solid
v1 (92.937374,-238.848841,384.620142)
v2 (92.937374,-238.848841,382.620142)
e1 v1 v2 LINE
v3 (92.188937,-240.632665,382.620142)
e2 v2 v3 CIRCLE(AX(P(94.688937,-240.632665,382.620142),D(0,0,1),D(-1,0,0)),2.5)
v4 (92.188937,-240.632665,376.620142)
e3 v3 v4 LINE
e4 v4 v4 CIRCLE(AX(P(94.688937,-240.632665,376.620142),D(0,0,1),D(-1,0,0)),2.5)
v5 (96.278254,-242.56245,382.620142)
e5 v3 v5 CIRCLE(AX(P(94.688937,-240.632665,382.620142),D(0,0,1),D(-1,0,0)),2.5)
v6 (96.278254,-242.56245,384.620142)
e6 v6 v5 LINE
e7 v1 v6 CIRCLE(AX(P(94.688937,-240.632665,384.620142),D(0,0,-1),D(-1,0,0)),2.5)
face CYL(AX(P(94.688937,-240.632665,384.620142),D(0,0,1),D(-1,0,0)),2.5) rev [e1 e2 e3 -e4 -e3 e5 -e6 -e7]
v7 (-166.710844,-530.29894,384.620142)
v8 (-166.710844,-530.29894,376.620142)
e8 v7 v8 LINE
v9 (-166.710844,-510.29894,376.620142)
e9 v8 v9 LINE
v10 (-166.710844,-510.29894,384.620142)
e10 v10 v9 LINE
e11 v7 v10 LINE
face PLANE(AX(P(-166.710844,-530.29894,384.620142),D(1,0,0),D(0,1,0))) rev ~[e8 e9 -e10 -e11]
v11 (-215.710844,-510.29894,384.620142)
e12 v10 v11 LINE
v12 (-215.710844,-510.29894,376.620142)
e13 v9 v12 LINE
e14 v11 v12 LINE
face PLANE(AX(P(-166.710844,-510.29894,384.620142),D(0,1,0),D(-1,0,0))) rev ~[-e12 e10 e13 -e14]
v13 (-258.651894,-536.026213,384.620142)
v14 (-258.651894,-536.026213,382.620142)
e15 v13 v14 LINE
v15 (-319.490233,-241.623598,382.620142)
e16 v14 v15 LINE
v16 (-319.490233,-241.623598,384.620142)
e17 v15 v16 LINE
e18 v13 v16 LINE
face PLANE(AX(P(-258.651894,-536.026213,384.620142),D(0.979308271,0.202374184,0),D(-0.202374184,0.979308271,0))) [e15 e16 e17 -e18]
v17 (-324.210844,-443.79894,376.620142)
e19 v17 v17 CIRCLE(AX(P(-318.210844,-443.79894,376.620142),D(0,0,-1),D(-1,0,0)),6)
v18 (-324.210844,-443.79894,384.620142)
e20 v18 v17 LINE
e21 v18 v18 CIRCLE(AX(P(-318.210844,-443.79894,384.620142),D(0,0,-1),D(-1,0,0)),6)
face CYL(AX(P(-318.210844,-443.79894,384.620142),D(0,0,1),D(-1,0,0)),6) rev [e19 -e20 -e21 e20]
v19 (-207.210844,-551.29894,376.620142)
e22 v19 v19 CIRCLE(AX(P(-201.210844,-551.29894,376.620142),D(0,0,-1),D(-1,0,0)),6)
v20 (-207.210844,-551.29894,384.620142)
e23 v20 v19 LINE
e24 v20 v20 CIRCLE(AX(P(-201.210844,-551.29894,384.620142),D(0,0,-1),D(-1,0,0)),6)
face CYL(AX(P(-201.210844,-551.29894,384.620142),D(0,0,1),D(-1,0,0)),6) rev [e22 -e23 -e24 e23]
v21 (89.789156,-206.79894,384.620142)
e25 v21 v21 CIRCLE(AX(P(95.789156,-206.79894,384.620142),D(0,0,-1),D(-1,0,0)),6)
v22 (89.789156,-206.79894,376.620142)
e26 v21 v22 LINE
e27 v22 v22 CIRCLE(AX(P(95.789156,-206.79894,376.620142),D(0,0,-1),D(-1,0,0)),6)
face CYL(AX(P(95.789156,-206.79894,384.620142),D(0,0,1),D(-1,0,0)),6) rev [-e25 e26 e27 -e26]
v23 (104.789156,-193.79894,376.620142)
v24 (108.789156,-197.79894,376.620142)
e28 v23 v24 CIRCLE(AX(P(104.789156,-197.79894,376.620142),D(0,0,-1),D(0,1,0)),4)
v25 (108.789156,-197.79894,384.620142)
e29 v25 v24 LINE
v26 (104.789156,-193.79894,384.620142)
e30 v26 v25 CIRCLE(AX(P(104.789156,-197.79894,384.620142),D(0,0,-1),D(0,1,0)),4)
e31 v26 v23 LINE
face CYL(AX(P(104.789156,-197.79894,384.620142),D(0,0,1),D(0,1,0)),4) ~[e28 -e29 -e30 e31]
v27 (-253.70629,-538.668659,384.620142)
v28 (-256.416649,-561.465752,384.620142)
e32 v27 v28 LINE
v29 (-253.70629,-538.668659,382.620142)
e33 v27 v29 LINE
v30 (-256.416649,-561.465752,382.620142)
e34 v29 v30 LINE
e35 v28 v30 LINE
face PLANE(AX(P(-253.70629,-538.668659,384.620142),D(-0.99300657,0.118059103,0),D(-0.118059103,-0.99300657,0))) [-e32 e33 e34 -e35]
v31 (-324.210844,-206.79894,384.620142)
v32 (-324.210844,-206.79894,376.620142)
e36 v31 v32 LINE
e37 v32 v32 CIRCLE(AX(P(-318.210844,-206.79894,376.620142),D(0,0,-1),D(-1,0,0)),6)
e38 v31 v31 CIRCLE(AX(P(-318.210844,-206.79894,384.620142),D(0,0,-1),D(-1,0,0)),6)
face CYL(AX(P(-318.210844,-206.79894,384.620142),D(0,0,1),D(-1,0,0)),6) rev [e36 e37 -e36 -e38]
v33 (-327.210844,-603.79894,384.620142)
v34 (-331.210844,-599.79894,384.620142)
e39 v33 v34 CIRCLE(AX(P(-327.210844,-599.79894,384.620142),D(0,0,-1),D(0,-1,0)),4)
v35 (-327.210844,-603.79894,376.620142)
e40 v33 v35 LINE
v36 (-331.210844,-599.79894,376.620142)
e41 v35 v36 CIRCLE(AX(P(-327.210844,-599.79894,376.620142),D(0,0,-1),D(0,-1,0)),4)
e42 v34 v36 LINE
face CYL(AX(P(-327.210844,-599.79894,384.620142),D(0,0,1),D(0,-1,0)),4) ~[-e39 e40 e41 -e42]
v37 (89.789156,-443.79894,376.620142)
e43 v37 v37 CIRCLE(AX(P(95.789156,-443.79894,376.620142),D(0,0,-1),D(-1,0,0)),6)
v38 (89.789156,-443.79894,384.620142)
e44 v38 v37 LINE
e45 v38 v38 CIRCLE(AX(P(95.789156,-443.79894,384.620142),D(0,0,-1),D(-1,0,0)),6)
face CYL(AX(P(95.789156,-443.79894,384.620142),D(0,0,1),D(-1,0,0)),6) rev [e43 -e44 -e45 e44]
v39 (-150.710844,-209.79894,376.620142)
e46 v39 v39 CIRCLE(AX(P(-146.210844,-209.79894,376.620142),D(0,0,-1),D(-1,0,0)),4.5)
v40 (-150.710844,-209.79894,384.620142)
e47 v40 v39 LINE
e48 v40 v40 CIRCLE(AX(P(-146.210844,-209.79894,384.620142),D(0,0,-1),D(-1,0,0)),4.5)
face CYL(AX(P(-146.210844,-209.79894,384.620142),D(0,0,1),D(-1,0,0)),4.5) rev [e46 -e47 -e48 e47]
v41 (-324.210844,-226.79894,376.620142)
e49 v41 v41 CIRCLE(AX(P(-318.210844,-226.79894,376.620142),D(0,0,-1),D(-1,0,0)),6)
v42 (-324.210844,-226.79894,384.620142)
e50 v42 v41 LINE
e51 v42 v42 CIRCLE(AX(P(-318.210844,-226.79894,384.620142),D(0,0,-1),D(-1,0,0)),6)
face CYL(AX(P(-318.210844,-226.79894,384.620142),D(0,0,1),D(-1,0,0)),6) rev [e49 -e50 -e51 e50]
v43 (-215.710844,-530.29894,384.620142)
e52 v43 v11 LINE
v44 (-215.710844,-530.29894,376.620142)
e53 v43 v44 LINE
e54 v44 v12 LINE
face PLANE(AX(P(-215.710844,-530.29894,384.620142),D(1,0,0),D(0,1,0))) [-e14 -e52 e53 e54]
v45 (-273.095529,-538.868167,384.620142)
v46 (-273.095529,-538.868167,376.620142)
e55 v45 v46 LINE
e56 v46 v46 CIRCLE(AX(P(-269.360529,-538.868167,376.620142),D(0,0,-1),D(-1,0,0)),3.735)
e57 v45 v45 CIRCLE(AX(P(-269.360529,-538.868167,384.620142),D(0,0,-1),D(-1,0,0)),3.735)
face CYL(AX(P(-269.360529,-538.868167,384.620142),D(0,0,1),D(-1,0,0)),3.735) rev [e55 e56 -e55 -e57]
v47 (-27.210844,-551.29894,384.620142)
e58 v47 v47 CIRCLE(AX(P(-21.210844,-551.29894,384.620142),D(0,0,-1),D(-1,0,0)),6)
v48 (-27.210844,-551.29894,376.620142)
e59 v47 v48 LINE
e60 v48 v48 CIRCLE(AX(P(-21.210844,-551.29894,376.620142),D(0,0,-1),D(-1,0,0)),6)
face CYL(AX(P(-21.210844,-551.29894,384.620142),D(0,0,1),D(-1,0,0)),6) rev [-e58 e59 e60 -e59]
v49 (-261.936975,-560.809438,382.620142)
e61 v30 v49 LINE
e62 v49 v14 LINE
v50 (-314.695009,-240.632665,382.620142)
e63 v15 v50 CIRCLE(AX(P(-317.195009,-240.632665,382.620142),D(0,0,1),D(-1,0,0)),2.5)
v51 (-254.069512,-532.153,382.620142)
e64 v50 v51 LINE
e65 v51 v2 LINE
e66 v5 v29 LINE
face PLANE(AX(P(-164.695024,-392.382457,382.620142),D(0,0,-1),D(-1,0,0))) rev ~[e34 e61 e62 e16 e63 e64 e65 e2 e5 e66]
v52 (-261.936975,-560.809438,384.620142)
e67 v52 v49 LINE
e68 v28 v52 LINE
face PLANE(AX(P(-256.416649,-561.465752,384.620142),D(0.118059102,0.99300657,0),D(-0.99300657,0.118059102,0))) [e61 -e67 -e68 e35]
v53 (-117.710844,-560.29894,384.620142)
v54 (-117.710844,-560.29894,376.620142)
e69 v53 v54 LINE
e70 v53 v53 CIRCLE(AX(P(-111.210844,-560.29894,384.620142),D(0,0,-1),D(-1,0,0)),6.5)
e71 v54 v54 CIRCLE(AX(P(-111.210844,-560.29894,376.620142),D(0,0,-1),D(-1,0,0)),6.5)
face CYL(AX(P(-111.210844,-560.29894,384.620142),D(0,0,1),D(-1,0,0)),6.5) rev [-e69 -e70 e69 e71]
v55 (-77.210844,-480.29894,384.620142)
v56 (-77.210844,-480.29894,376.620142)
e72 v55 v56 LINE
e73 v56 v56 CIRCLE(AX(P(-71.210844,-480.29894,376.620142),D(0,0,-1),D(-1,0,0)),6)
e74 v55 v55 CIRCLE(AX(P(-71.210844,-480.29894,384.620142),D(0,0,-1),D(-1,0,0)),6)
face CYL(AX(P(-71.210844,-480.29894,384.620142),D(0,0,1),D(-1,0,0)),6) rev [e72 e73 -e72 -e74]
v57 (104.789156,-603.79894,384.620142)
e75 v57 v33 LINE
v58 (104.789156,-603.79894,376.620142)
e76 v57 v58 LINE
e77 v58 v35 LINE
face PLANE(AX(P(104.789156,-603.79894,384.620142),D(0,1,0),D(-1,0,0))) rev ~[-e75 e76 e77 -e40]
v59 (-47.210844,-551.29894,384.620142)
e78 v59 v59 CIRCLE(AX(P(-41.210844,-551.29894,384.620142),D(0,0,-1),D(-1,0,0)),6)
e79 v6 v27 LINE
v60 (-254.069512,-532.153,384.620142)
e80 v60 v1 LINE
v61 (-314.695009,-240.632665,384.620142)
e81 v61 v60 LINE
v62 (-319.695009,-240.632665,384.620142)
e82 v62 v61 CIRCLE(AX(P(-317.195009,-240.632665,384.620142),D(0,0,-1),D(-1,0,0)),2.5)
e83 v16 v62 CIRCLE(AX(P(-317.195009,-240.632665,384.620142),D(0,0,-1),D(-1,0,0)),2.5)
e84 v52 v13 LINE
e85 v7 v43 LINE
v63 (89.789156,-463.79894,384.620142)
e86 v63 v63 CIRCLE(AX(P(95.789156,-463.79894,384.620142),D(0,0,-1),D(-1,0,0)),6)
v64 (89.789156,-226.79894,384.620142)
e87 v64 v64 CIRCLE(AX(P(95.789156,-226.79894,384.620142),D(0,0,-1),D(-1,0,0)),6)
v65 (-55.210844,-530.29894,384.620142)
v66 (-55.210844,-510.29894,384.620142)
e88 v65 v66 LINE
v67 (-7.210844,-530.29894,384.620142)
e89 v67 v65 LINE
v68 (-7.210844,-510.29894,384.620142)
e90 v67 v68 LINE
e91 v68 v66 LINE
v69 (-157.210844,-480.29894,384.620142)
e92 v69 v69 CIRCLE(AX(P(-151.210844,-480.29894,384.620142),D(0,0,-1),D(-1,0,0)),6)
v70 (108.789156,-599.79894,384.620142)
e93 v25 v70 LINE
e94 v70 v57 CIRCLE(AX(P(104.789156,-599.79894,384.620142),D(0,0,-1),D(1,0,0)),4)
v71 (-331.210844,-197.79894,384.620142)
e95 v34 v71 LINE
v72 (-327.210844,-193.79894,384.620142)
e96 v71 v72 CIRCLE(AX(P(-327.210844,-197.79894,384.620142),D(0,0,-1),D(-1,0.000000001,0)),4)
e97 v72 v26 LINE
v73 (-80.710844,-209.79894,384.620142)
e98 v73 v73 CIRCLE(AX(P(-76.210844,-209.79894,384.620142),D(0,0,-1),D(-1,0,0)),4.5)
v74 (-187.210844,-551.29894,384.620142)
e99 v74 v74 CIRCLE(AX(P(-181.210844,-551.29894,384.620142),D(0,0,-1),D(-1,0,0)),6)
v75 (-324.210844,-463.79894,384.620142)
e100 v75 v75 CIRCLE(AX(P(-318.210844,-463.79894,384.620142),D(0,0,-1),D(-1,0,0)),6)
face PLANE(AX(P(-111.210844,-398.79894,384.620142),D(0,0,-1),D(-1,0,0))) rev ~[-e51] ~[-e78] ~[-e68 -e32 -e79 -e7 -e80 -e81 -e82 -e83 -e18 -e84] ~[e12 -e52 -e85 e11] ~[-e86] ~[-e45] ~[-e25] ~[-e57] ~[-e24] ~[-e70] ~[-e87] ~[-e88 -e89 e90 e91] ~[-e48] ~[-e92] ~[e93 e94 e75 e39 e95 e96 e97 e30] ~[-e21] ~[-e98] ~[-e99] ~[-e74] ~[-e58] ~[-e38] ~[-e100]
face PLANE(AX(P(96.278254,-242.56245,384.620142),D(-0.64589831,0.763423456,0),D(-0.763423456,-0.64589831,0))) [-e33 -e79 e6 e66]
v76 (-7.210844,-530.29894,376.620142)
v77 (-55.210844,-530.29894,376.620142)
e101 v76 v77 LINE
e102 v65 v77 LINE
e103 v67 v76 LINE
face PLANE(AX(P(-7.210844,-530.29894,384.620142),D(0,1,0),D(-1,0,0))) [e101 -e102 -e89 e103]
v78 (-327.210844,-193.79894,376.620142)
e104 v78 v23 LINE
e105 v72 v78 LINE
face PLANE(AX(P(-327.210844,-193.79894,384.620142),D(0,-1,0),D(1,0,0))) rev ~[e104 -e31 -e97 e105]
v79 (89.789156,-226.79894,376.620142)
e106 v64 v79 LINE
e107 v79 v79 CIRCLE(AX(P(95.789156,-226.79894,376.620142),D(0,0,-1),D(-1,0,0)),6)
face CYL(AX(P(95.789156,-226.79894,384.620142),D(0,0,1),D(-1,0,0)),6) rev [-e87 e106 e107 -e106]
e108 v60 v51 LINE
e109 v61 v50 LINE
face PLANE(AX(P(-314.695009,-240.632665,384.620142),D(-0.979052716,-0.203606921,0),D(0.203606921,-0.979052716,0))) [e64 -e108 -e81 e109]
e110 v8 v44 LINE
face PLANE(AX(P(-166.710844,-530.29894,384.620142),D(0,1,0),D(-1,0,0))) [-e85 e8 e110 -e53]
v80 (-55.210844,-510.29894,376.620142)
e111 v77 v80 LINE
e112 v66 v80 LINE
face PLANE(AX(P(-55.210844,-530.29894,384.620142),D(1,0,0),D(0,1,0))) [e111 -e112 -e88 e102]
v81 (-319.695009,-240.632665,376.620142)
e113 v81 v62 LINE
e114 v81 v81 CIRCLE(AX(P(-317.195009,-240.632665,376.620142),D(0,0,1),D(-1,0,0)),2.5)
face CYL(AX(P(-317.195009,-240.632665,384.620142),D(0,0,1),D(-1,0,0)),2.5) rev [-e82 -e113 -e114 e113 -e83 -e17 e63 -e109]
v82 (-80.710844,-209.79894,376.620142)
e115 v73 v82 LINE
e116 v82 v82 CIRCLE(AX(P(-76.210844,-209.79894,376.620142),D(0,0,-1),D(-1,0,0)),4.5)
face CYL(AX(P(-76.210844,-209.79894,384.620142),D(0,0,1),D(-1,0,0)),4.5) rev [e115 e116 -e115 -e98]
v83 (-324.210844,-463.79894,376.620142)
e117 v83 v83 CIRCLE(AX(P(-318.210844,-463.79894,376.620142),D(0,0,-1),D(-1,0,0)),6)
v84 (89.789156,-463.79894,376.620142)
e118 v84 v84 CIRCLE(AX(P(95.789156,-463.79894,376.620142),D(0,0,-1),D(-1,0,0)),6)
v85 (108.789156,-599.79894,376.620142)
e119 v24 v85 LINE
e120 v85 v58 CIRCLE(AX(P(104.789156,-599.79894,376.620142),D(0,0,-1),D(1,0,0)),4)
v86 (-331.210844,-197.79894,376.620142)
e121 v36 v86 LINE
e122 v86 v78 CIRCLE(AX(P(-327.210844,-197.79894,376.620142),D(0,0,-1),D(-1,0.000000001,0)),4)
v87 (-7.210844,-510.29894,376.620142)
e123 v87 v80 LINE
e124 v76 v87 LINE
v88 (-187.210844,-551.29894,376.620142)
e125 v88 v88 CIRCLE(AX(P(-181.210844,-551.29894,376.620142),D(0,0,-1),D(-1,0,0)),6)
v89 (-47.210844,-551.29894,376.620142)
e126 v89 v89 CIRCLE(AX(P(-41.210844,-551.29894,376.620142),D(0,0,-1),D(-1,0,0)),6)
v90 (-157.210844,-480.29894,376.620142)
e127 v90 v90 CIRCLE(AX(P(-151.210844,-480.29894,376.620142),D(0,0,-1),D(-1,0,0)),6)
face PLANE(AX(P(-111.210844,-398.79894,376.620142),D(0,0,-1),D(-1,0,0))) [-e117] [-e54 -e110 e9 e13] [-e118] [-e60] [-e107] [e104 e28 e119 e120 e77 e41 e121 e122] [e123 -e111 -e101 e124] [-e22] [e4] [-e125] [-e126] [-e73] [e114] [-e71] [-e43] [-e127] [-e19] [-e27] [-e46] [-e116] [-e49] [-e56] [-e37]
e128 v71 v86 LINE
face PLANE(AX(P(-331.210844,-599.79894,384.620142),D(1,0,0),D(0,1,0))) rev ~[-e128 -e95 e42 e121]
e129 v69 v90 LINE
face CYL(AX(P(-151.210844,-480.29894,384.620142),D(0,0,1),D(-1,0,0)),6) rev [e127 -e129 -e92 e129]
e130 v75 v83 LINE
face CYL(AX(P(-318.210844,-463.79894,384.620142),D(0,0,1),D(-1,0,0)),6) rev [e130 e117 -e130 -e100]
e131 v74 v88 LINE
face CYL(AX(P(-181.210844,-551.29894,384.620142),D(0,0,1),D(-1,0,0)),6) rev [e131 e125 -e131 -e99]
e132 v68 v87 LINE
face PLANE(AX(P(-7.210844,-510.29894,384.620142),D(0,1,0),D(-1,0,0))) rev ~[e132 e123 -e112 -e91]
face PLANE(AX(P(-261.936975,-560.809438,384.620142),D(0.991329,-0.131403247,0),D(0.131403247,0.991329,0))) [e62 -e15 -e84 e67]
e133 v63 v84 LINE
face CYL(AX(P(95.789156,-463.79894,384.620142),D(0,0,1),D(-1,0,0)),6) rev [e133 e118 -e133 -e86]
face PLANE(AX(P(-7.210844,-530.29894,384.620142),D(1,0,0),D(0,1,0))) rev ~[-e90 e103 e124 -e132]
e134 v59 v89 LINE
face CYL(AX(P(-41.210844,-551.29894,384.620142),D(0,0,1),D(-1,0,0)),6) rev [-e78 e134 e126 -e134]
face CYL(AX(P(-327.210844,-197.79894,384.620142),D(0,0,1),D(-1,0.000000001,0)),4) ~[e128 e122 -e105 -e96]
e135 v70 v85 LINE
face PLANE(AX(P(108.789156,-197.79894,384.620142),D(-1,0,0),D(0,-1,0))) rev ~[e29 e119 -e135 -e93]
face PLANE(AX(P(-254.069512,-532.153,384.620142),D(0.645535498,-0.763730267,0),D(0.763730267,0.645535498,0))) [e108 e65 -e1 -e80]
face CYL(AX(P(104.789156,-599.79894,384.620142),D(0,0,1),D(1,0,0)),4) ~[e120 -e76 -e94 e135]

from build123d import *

# Parameters (mm, degrees)
SKETCH1_R           = 6
SKETCH1_R_2         = 4.5
SKETCH1_R_3         = 6.5
SKETCH1_R_4         = 3.735
SKETCH1_W           = 48
SKETCH1_H           = 20
SKETCH1_W_2         = 49
BOSS_EXTRUDE1_DEPTH = 8
SKETCH2_R           = 2.5
CUT_EXTRUDE1_DEPTH  = 10
CUT_EXTRUDE2_DEPTH  = 2


with BuildPart() as part:
    # Sketch1 → Boss-Extrude1 (new body)
    with BuildSketch(Plane(origin=(0, 0, 384.620141885), x_dir=(-1, 0, 0), z_dir=(0, 0, -1))):
        with BuildLine():
            Line((-108.789156386, -197.798939869), (-108.789156386, -599.798939869))
            ThreePointArc((-108.789156386, -599.798939869), (-107.617583511, -602.627366994), (-104.789156386, -603.798939869))
            Line((-104.789156386, -603.798939869), (327.210843614, -603.798939869))
            ThreePointArc((327.210843614, -603.798939869), (330.039270738, -602.627366994), (331.210843614, -599.798939869))
            Line((331.210843614, -599.798939869), (331.210843614, -197.798939869))
            ThreePointArc((331.210843614, -197.798939869), (330.039270738, -194.970512745), (327.210843614, -193.798939869))
            Line((327.210843614, -193.798939869), (-104.789156386, -193.798939869))
            ThreePointArc((-104.789156386, -193.798939869), (-107.617583511, -194.970512745), (-108.789156386, -197.798939869))
        make_face()
        with Locations((-95.789156386, -206.798939869)):
            Circle(SKETCH1_R, mode=Mode.SUBTRACT)
        with Locations((-95.789156386, -226.798939869)):
            Circle(SKETCH1_R, mode=Mode.SUBTRACT)
        with Locations((146.210843614, -209.798939869)):
            Circle(SKETCH1_R_2, mode=Mode.SUBTRACT)
        with Locations((76.210843614, -209.798939869)):
            Circle(SKETCH1_R_2, mode=Mode.SUBTRACT)
        with Locations((318.210843614, -206.798939869)):
            Circle(SKETCH1_R, mode=Mode.SUBTRACT)
        with Locations((318.210843614, -226.798939869)):
            Circle(SKETCH1_R, mode=Mode.SUBTRACT)
        with Locations((-95.789156386, -443.798939869)):
            Circle(SKETCH1_R, mode=Mode.SUBTRACT)
        with Locations((-95.789156386, -463.798939869)):
            Circle(SKETCH1_R, mode=Mode.SUBTRACT)
        with Locations((318.210843614, -443.798939869)):
            Circle(SKETCH1_R, mode=Mode.SUBTRACT)
        with Locations((318.210843614, -463.798939869)):
            Circle(SKETCH1_R, mode=Mode.SUBTRACT)
        with Locations((71.210843614, -480.298939869)):
            Circle(SKETCH1_R, mode=Mode.SUBTRACT)
        with Locations((151.210843614, -480.298939869)):
            Circle(SKETCH1_R, mode=Mode.SUBTRACT)
        with Locations((21.210843614, -551.298939869)):
            Circle(SKETCH1_R, mode=Mode.SUBTRACT)
        with Locations((41.210843614, -551.298939869)):
            Circle(SKETCH1_R, mode=Mode.SUBTRACT)
        with Locations((111.210843614, -560.298939869)):
            Circle(SKETCH1_R_3, mode=Mode.SUBTRACT)
        with Locations((181.210843614, -551.298939869)):
            Circle(SKETCH1_R, mode=Mode.SUBTRACT)
        with Locations((269.360529317, -538.868166644)):
            Circle(SKETCH1_R_4, mode=Mode.SUBTRACT)
        with Locations((201.210843614, -551.298939869)):
            Circle(SKETCH1_R, mode=Mode.SUBTRACT)
        with Locations((31.210843614, -520.298939869)):
            Rectangle(SKETCH1_W, SKETCH1_H, mode=Mode.SUBTRACT)
        with Locations((191.210843614, -520.298939869)):
            Rectangle(SKETCH1_W_2, SKETCH1_H, mode=Mode.SUBTRACT)
    extrude(amount=BOSS_EXTRUDE1_DEPTH)

    # Sketch2 → Cut-Extrude1 (cut)
    with BuildSketch(Plane(origin=(0, 0, 384.620141885), x_dir=(-1, 0, 0), z_dir=(0, 0, -1))):
        with Locations((-94.688937296, -240.632664804)):
            Circle(SKETCH2_R)
        with Locations((317.195009352, -240.632664804)):
            Circle(SKETCH2_R)
    extrude(amount=CUT_EXTRUDE1_DEPTH, mode=Mode.SUBTRACT)

    # Sketch3 → Cut-Extrude2 (cut)
    with BuildSketch(Plane.XY.offset(384.620141885)):
        Polygon((92.937374464, -238.848840921), (96.278253898, -242.562450475), (-253.706289527, -538.668659239), (-256.416648587, -561.465752351), (-261.936974764, -560.809437707), (-258.651893581, -536.026212702), (-319.695009352, -240.632664804), (-314.695009352, -240.632664804), (-254.069511981, -532.152999711), align=None)
    extrude(amount=-CUT_EXTRUDE2_DEPTH, mode=Mode.SUBTRACT)


solid = part.part
